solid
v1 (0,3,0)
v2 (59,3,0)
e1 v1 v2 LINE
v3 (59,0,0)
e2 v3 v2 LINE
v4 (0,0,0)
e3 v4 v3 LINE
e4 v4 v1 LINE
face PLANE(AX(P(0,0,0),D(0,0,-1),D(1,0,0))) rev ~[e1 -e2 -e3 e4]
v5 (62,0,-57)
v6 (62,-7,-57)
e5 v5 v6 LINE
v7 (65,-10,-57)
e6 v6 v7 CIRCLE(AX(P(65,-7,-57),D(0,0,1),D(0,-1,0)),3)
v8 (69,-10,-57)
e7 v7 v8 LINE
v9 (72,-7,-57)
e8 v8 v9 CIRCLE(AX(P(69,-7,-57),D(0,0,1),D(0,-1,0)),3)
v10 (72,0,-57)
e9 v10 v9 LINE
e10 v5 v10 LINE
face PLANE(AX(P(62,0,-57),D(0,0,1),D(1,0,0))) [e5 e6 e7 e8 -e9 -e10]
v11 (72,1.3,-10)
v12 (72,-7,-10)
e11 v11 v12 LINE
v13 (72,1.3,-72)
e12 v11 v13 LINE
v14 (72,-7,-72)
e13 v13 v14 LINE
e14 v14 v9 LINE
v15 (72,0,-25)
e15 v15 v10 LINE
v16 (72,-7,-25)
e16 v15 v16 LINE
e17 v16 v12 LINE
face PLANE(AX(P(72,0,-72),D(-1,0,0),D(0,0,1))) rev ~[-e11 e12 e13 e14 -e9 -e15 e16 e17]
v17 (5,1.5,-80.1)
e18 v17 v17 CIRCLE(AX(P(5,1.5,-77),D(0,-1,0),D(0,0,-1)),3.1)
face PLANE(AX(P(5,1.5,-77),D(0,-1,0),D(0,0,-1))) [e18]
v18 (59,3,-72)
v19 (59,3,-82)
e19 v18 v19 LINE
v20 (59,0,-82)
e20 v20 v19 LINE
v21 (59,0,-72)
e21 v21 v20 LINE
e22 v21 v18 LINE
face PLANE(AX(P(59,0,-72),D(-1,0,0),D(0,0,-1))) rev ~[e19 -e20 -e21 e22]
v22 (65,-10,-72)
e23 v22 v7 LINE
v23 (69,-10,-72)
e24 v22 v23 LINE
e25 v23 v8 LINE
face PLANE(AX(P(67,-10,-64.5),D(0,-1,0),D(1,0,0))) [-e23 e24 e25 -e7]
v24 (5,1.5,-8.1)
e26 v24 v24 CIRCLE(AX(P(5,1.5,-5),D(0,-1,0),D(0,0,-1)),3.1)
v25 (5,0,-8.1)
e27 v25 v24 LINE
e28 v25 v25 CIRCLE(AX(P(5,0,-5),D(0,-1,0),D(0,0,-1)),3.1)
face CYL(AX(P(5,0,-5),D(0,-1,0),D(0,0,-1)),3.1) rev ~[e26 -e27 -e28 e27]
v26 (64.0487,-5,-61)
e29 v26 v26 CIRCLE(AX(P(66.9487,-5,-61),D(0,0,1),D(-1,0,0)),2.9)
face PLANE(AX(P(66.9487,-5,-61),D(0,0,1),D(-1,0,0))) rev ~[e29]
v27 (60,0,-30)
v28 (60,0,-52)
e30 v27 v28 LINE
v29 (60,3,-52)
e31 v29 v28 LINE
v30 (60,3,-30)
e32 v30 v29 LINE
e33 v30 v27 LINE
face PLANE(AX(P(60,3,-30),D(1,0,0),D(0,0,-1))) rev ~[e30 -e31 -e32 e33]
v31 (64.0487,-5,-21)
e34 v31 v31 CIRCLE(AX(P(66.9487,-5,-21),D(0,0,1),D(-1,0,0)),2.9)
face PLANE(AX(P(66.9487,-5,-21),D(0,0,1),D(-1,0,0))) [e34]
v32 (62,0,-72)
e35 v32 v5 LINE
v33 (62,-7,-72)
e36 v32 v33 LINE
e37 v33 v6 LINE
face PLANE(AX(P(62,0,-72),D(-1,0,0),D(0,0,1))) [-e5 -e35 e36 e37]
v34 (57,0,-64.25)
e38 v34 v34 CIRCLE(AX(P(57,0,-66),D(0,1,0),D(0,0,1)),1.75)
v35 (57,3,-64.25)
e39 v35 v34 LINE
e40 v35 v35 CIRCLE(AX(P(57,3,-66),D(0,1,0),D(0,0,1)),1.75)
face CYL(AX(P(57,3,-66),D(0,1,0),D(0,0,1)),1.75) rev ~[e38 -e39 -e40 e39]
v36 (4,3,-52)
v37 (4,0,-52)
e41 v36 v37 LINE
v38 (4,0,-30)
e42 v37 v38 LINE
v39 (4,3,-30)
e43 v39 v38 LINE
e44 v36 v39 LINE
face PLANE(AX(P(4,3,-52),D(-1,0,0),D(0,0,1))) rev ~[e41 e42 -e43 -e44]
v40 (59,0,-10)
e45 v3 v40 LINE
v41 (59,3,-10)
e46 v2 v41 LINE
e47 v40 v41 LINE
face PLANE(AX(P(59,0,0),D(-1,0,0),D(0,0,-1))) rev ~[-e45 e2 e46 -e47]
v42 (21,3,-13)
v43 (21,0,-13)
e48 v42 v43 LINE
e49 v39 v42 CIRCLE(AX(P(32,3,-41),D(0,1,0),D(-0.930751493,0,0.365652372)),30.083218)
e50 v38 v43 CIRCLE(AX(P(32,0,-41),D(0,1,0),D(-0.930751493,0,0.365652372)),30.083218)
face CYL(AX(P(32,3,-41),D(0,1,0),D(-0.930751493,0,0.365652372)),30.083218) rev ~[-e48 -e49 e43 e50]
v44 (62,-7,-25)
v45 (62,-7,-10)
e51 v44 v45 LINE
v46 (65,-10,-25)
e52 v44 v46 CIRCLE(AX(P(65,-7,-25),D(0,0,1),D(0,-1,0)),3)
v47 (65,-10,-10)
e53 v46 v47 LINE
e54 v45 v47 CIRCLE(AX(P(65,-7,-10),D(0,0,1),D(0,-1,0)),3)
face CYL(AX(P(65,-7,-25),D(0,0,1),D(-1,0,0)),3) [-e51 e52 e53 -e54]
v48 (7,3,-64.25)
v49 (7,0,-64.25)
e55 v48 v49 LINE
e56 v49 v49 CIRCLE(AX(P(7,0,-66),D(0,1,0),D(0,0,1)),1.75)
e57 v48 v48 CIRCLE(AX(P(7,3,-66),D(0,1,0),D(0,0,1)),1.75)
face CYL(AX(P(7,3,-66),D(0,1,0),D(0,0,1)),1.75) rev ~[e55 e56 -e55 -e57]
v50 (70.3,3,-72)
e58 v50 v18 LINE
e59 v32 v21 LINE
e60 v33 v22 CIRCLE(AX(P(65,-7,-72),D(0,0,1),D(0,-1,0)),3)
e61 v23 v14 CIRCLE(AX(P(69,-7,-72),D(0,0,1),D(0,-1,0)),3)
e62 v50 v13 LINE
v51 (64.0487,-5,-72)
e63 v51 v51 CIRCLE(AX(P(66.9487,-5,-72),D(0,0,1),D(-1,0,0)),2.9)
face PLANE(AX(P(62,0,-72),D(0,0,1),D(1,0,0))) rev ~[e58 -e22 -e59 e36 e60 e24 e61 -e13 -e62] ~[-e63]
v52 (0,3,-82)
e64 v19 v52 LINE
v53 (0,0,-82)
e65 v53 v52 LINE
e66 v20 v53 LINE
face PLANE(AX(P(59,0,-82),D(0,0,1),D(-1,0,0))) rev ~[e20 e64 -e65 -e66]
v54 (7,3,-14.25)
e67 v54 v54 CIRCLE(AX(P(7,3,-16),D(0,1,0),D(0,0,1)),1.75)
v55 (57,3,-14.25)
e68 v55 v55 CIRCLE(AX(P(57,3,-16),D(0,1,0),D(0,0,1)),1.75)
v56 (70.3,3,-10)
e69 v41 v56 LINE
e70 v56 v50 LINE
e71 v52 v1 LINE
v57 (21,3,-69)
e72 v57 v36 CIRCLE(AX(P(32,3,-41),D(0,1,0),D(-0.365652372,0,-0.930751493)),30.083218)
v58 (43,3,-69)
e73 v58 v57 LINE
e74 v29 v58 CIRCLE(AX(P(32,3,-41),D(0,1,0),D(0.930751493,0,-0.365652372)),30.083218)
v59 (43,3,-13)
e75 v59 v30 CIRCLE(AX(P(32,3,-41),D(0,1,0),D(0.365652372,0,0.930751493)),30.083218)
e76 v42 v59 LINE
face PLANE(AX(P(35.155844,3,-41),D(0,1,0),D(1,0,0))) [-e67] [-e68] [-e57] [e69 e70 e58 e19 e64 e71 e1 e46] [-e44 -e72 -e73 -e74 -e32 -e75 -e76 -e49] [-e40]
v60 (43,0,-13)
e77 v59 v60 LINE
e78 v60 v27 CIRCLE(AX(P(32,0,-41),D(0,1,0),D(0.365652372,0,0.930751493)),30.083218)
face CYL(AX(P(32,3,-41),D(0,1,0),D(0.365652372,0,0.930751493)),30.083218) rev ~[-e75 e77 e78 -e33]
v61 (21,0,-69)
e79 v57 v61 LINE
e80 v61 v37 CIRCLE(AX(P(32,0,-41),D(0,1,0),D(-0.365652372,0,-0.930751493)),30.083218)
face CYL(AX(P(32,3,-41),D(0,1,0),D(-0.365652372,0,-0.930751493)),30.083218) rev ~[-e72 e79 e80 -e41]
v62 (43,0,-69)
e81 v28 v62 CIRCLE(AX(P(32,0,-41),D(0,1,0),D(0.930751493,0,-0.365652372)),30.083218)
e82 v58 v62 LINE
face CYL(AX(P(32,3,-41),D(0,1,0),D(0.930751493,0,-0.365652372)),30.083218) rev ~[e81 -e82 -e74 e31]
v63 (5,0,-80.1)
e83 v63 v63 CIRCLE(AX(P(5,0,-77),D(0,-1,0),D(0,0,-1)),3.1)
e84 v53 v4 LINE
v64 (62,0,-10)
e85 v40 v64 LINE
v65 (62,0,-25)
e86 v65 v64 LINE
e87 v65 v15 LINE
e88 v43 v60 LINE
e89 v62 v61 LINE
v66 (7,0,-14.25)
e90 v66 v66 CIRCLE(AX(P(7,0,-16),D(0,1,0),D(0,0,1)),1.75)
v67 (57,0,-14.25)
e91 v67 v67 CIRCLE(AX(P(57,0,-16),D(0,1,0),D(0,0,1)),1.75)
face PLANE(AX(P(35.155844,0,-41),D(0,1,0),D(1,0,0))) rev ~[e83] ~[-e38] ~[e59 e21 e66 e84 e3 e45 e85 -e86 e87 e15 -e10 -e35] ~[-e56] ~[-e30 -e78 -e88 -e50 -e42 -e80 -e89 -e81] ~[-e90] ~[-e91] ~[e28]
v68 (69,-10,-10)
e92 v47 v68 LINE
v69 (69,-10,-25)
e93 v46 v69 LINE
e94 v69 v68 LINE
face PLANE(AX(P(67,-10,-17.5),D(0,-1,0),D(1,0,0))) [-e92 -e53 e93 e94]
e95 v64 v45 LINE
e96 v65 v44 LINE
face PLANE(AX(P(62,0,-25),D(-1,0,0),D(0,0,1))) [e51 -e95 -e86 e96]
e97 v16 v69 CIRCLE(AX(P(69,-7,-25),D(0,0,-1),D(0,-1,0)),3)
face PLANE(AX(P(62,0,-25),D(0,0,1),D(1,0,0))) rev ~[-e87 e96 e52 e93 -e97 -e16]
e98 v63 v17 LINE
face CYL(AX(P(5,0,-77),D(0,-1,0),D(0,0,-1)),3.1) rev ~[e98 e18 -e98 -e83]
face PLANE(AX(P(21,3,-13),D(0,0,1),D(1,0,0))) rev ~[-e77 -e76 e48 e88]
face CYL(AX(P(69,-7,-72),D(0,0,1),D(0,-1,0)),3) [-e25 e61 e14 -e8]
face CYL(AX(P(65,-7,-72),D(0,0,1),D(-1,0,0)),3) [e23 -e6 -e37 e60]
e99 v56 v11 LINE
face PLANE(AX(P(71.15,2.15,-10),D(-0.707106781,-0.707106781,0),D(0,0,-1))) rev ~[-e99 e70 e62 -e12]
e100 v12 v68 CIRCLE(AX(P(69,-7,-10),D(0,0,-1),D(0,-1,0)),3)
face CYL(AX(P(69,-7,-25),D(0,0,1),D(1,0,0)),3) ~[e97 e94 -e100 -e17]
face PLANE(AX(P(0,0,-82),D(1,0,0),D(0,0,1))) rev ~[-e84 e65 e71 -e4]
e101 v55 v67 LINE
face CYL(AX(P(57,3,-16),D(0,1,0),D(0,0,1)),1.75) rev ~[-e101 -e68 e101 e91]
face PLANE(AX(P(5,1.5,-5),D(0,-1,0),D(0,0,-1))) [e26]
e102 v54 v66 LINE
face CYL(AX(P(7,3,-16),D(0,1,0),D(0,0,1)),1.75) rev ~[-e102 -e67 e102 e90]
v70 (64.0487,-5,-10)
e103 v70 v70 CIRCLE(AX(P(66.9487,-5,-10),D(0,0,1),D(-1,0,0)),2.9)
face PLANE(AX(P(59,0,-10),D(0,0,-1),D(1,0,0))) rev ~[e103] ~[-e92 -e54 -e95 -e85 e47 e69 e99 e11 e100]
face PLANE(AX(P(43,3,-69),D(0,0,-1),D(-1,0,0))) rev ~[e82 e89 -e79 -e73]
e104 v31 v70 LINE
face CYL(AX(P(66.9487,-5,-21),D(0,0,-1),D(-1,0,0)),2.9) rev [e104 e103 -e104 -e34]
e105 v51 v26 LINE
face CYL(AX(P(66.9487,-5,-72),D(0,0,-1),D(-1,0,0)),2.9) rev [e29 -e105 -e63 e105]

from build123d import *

# Parameters (mm, degrees)
BOSS_EXTRUDE1_DEPTH = 3
SKETCH2_W           = 10
SKETCH2_H           = 15
BOSS_EXTRUDE2_DEPTH = 10
SKETCH4_R           = 1.75
CUT_EXTRUDE1_DEPTH  = 110.895404817
FILLET1_R           = 3
CUT_EXTRUDE4_START  = -15
SKETCH6_R           = 2.9
CUT_EXTRUDE4_DEPTH  = 11
CUT_EXTRUDE5_START  = 36
SKETCH6_2_R         = 2.9
CUT_EXTRUDE5_DEPTH  = 11
CHAMFER1_SIZE       = 1.7
SKETCH9_R           = 3.1
CUT_EXTRUDE7_DEPTH  = 1.5


with BuildPart() as part:
    # Sketch1 → Boss-Extrude1 (new body)
    with BuildSketch(Plane(origin=(0, 0, 0), x_dir=(1, 0, 0), z_dir=(0, 1, 0))):
        Polygon((59, 72), (59, 82), (0, 82), (0, 0), (59, 0), (59, 10), (72, 10), (72, 72), align=None)
    extrude(amount=BOSS_EXTRUDE1_DEPTH)

    # Sketch2 → Boss-Extrude2 (add)
    with BuildSketch(Plane.XZ):
        with Locations((67, -64.5)):
            Rectangle(SKETCH2_W, SKETCH2_H)
        with Locations((67, -17.5)):
            Rectangle(SKETCH2_W, SKETCH2_H)
    extrude(amount=BOSS_EXTRUDE2_DEPTH)

    # Sketch4 → Cut-Extrude1 (cut, through all)
    with BuildSketch(Plane(origin=(0, 3, 0), x_dir=(1, 0, 0), z_dir=(0, 1, 0))):
        with BuildLine():
            Line((4, 52), (4, 30))
            ThreePointArc((4, 30), (10.727952614, 19.727952614), (21, 13))
            Line((21, 13), (43, 13))
            ThreePointArc((43, 13), (53.272047386, 19.727952614), (60, 30))
            Line((60, 30), (60, 52))
            ThreePointArc((60, 52), (53.272047386, 62.272047386), (43, 69))
            Line((43, 69), (21, 69))
            ThreePointArc((21, 69), (10.727952614, 62.272047386), (4, 52))
        make_face()
        with Locations(Location((7, 66, 0), (0, 0, 270))):
            Circle(SKETCH4_R)
        with Locations(Location((57, 66, 0), (0, 0, 270))):
            Circle(SKETCH4_R)
        with Locations(Location((57, 16, 0), (0, 0, 270))):
            Circle(SKETCH4_R)
        with Locations(Location((7, 16, 0), (0, 0, 270))):
            Circle(SKETCH4_R)
    extrude(amount=-CUT_EXTRUDE1_DEPTH, mode=Mode.SUBTRACT)

    # Fillet1
    fillet1_edges = [part.edges().sort_by_distance(p)[0] for p in [
        (72, -10, -64.5),
        (62, -10, -64.5),
        (62, -10, -17.5),
        (72, -10, -17.5),
    ]]
    fillet(fillet1_edges, radius=FILLET1_R)

    # Sketch6 → Cut-Extrude4 (cut)
    with BuildSketch(Plane.XY.offset(-57).offset(CUT_EXTRUDE4_START)):
        with Locations(Location((66.948700041, -5, 0), (0, 0, 180))):
            Circle(SKETCH6_R)
    extrude(amount=CUT_EXTRUDE4_DEPTH, mode=Mode.SUBTRACT)

    # Sketch6<2> → Cut-Extrude5 (cut)
    with BuildSketch(Plane.XY.offset(-57).offset(CUT_EXTRUDE5_START)):
        with Locations(Location((66.948700041, -5, 0), (0, 0, 180))):
            Circle(SKETCH6_2_R)
    extrude(amount=CUT_EXTRUDE5_DEPTH, mode=Mode.SUBTRACT)

    # Chamfer1
    chamfer1_edges = [part.edges().sort_by_distance(p)[0] for p in [
        (72, 3, -41),
    ]]
    chamfer(chamfer1_edges, length=CHAMFER1_SIZE)

    # Sketch9 → Cut-Extrude7 (cut)
    with BuildSketch(Plane.XZ):
        with Locations(Location((5, -5, 0), (0, 0, 270))):
            Circle(SKETCH9_R)
        with Locations(Location((5, -77, 0), (0, 0, 270))):
            Circle(SKETCH9_R)
    extrude(amount=-CUT_EXTRUDE7_DEPTH, mode=Mode.SUBTRACT)


solid = part.part
